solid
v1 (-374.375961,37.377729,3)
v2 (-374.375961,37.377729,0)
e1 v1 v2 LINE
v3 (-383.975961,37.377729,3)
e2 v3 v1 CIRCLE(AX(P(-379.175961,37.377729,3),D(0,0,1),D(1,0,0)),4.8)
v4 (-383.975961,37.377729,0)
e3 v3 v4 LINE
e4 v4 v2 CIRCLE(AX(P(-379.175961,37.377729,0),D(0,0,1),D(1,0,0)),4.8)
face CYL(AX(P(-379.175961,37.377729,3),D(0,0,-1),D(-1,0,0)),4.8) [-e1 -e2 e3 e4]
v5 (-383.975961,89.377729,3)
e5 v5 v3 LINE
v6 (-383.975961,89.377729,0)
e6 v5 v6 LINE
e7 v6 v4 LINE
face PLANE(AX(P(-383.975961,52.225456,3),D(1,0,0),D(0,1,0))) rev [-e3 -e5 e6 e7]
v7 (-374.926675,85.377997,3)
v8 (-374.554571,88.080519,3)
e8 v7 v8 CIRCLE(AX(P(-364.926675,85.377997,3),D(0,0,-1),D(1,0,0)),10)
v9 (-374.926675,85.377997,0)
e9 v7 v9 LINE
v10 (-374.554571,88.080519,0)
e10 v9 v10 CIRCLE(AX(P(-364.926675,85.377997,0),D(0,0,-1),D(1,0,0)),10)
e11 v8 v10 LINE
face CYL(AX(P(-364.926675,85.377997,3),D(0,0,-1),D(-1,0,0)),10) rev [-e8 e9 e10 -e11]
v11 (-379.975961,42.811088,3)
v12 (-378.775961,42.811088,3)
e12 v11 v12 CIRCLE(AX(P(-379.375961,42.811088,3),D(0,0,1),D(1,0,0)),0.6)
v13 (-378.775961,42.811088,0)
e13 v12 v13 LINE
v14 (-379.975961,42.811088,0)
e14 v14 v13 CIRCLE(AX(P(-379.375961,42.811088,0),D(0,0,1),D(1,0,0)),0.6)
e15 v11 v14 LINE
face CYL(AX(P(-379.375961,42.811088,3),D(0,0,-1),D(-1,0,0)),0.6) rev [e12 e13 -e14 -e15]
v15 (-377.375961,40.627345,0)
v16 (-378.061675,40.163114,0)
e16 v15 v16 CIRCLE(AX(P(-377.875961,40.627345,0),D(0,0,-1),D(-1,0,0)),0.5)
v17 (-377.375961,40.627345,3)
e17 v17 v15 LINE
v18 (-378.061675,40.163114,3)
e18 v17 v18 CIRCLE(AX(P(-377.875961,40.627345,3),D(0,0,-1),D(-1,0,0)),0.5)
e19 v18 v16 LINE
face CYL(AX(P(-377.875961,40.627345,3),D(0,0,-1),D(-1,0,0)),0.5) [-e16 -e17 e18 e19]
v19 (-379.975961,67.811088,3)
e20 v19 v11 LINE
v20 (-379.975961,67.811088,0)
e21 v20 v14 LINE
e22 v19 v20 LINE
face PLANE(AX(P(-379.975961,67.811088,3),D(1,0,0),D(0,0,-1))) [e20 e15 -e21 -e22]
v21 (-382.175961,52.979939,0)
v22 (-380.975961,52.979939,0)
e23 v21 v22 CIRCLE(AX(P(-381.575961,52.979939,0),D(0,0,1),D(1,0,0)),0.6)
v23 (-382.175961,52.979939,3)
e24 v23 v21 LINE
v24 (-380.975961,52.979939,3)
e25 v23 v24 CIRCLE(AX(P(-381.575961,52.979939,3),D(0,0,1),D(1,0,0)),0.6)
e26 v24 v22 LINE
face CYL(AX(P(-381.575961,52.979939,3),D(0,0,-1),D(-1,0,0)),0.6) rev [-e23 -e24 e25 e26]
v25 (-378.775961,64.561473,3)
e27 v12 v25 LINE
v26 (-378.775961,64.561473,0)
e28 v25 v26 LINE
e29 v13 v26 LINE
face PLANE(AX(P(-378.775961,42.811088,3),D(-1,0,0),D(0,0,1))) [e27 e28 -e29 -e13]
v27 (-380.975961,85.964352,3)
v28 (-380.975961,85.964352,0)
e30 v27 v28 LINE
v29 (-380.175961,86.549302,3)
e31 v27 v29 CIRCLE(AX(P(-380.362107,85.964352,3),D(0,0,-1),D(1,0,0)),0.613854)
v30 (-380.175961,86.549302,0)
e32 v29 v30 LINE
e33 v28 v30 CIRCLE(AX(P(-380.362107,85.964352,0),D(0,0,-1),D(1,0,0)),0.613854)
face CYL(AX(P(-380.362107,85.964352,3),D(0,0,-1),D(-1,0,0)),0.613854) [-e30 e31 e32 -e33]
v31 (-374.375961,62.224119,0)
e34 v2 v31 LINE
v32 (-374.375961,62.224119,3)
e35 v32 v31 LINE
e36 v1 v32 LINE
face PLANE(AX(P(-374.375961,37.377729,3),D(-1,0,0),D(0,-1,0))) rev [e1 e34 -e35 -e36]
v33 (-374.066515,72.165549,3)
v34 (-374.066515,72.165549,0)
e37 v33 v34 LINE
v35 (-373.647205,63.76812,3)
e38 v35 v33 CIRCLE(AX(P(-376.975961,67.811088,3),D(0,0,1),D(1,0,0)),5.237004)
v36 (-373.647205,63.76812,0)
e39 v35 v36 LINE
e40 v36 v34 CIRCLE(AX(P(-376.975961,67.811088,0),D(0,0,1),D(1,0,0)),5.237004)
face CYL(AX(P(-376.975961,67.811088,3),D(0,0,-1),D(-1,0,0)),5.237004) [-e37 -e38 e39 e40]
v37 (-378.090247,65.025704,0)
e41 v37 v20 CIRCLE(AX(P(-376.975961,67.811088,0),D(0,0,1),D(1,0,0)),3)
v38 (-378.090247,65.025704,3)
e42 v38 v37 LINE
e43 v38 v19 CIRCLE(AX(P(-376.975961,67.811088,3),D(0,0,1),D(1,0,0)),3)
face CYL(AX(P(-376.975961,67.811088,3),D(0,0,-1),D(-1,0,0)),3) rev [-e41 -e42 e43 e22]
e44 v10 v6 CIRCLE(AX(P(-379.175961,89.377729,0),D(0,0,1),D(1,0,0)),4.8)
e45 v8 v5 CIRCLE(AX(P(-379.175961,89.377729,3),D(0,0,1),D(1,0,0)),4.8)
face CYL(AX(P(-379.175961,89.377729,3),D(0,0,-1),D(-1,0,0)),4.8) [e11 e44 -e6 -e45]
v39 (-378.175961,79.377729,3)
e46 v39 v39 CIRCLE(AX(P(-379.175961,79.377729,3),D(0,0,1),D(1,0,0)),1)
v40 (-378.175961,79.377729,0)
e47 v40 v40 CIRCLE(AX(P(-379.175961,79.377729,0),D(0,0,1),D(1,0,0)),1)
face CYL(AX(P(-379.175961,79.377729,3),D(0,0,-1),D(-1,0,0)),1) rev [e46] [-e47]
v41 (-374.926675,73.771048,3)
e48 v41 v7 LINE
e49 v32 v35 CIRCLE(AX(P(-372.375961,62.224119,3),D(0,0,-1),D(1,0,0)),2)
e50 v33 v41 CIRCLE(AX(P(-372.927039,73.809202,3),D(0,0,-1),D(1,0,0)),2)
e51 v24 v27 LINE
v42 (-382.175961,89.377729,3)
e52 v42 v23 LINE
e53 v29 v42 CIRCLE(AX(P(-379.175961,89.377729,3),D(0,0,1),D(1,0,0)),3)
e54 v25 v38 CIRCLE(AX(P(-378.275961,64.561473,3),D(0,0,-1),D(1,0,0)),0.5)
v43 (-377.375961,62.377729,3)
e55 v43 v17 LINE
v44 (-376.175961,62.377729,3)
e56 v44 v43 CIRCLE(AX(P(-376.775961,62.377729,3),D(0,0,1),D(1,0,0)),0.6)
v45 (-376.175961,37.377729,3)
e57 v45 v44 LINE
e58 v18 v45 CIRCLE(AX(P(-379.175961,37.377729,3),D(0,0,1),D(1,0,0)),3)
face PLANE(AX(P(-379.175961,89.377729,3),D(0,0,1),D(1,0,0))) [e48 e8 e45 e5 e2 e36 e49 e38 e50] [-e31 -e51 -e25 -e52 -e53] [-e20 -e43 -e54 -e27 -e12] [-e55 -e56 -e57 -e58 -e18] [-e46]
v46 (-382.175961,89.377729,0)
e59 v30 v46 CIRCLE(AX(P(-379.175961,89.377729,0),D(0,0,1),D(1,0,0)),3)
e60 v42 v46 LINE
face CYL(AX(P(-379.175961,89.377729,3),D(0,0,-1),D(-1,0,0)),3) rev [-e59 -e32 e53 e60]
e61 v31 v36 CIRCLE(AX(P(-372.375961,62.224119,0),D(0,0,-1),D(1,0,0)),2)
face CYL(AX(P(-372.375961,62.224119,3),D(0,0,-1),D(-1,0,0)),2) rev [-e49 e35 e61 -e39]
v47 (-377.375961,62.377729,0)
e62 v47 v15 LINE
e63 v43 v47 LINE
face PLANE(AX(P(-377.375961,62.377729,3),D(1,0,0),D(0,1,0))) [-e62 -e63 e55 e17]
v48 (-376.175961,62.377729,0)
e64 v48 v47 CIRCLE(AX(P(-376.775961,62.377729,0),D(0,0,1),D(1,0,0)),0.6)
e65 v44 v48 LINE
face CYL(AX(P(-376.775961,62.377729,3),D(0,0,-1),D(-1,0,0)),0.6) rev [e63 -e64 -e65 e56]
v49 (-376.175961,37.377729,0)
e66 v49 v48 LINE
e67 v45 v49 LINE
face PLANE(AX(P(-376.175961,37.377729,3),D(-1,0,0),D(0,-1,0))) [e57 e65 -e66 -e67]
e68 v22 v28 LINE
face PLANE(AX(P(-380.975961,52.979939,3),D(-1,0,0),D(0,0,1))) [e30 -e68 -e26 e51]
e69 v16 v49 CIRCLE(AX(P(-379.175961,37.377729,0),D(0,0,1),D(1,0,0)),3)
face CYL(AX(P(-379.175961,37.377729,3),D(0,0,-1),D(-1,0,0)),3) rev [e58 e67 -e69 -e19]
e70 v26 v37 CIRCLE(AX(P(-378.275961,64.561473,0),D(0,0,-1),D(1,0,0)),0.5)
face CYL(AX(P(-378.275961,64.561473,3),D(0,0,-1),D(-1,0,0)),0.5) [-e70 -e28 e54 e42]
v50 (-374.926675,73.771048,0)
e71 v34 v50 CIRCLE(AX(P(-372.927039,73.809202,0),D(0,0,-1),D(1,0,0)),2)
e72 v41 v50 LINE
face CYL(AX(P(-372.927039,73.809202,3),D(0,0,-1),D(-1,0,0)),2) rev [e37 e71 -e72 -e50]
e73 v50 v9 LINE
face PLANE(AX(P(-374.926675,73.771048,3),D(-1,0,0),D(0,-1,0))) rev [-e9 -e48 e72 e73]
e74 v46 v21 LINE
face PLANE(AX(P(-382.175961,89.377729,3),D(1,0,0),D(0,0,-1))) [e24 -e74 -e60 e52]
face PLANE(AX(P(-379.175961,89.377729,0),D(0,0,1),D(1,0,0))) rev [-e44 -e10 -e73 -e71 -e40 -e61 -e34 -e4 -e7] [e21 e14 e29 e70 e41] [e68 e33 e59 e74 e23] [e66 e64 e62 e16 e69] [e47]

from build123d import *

# Parameters (mm, degrees)
SKETCH_1_R      = 1
EXTRUDE_1_DEPTH = 3


with BuildPart() as part:
    # 草图1 → 凸台-拉伸1 (new body)
    with BuildSketch(Plane.XY):
        with BuildLine():
            Line((-374.926675411, 73.771047931), (-374.926675411, 85.377996683))
            ThreePointArc((-374.926675411, 85.377996683), (-374.833212563, 86.742006081), (-374.554571083, 88.080518639))
            ThreePointArc((-374.554571083, 88.080518639), (-378.521236494, 94.132867012), (-383.975961006, 89.377729178))
            Line((-383.975961006, 89.377729178), (-383.975961006, 52.22545565))
            Line((-383.975961006, 52.22545565), (-383.975961006, 37.377729178))
            ThreePointArc((-383.975961006, 37.377729178), (-379.175961006, 32.577729178), (-374.375961006, 37.377729178))
            Line((-374.375961006, 37.377729178), (-374.375961006, 62.224119392))
            ThreePointArc((-374.375961006, 62.224119392), (-374.18461917, 63.077791251), (-373.647205362, 63.76811997))
            ThreePointArc((-373.647205362, 63.76811997), (-371.745473945, 68.072262412), (-374.066514555, 72.165548992))
            ThreePointArc((-374.066514555, 72.165548992), (-374.68996635, 72.864697969), (-374.926675411, 73.771047931))
        make_face()
        with Locations((-379.175961006, 79.377729178)):
            Circle(SKETCH_1_R, mode=Mode.SUBTRACT)
        with BuildLine():
            Line((-382.175961006, 89.377729178), (-382.175961006, 52.97993897))
            ThreePointArc((-382.175961006, 52.97993897), (-381.575961006, 52.37993897), (-380.975961006, 52.97993897))
            Line((-380.975961006, 52.97993897), (-380.975961006, 85.964352253))
            ThreePointArc((-380.975961006, 85.964352253), (-380.724426098, 86.459873764), (-380.175961006, 86.549302053))
            ThreePointArc((-380.175961006, 86.549302053), (-376.726471263, 91.109779986), (-382.175961006, 89.377729178))
        make_face(mode=Mode.SUBTRACT)
        with BuildLine():
            Line((-378.775961006, 42.811088271), (-378.775961006, 64.56147291))
            ThreePointArc((-378.775961006, 64.56147291), (-378.556266961, 64.975512245), (-378.09024672, 65.025703676))
            ThreePointArc((-378.09024672, 65.025703676), (-374.491724992, 69.492924003), (-379.975961006, 67.811088271))
            Line((-379.975961006, 67.811088271), (-379.975961006, 42.811088271))
            ThreePointArc((-379.975961006, 42.811088271), (-379.375961006, 42.211088271), (-378.775961006, 42.811088271))
        make_face(mode=Mode.SUBTRACT)
        with BuildLine():
            Line((-376.175961006, 37.377729178), (-376.175961006, 62.377729178))
            ThreePointArc((-376.175961006, 62.377729178), (-376.775961006, 62.977729178), (-377.375961006, 62.377729178))
            Line((-377.375961006, 62.377729178), (-377.375961006, 40.62734454))
            ThreePointArc((-377.375961006, 40.62734454), (-377.59565505, 40.213305204), (-378.061675291, 40.163113774))
            ThreePointArc((-378.061675291, 40.163113774), (-381.660197019, 35.695893446), (-376.175961006, 37.377729178))
        make_face(mode=Mode.SUBTRACT)
    extrude(amount=EXTRUDE_1_DEPTH)


solid = part.part
